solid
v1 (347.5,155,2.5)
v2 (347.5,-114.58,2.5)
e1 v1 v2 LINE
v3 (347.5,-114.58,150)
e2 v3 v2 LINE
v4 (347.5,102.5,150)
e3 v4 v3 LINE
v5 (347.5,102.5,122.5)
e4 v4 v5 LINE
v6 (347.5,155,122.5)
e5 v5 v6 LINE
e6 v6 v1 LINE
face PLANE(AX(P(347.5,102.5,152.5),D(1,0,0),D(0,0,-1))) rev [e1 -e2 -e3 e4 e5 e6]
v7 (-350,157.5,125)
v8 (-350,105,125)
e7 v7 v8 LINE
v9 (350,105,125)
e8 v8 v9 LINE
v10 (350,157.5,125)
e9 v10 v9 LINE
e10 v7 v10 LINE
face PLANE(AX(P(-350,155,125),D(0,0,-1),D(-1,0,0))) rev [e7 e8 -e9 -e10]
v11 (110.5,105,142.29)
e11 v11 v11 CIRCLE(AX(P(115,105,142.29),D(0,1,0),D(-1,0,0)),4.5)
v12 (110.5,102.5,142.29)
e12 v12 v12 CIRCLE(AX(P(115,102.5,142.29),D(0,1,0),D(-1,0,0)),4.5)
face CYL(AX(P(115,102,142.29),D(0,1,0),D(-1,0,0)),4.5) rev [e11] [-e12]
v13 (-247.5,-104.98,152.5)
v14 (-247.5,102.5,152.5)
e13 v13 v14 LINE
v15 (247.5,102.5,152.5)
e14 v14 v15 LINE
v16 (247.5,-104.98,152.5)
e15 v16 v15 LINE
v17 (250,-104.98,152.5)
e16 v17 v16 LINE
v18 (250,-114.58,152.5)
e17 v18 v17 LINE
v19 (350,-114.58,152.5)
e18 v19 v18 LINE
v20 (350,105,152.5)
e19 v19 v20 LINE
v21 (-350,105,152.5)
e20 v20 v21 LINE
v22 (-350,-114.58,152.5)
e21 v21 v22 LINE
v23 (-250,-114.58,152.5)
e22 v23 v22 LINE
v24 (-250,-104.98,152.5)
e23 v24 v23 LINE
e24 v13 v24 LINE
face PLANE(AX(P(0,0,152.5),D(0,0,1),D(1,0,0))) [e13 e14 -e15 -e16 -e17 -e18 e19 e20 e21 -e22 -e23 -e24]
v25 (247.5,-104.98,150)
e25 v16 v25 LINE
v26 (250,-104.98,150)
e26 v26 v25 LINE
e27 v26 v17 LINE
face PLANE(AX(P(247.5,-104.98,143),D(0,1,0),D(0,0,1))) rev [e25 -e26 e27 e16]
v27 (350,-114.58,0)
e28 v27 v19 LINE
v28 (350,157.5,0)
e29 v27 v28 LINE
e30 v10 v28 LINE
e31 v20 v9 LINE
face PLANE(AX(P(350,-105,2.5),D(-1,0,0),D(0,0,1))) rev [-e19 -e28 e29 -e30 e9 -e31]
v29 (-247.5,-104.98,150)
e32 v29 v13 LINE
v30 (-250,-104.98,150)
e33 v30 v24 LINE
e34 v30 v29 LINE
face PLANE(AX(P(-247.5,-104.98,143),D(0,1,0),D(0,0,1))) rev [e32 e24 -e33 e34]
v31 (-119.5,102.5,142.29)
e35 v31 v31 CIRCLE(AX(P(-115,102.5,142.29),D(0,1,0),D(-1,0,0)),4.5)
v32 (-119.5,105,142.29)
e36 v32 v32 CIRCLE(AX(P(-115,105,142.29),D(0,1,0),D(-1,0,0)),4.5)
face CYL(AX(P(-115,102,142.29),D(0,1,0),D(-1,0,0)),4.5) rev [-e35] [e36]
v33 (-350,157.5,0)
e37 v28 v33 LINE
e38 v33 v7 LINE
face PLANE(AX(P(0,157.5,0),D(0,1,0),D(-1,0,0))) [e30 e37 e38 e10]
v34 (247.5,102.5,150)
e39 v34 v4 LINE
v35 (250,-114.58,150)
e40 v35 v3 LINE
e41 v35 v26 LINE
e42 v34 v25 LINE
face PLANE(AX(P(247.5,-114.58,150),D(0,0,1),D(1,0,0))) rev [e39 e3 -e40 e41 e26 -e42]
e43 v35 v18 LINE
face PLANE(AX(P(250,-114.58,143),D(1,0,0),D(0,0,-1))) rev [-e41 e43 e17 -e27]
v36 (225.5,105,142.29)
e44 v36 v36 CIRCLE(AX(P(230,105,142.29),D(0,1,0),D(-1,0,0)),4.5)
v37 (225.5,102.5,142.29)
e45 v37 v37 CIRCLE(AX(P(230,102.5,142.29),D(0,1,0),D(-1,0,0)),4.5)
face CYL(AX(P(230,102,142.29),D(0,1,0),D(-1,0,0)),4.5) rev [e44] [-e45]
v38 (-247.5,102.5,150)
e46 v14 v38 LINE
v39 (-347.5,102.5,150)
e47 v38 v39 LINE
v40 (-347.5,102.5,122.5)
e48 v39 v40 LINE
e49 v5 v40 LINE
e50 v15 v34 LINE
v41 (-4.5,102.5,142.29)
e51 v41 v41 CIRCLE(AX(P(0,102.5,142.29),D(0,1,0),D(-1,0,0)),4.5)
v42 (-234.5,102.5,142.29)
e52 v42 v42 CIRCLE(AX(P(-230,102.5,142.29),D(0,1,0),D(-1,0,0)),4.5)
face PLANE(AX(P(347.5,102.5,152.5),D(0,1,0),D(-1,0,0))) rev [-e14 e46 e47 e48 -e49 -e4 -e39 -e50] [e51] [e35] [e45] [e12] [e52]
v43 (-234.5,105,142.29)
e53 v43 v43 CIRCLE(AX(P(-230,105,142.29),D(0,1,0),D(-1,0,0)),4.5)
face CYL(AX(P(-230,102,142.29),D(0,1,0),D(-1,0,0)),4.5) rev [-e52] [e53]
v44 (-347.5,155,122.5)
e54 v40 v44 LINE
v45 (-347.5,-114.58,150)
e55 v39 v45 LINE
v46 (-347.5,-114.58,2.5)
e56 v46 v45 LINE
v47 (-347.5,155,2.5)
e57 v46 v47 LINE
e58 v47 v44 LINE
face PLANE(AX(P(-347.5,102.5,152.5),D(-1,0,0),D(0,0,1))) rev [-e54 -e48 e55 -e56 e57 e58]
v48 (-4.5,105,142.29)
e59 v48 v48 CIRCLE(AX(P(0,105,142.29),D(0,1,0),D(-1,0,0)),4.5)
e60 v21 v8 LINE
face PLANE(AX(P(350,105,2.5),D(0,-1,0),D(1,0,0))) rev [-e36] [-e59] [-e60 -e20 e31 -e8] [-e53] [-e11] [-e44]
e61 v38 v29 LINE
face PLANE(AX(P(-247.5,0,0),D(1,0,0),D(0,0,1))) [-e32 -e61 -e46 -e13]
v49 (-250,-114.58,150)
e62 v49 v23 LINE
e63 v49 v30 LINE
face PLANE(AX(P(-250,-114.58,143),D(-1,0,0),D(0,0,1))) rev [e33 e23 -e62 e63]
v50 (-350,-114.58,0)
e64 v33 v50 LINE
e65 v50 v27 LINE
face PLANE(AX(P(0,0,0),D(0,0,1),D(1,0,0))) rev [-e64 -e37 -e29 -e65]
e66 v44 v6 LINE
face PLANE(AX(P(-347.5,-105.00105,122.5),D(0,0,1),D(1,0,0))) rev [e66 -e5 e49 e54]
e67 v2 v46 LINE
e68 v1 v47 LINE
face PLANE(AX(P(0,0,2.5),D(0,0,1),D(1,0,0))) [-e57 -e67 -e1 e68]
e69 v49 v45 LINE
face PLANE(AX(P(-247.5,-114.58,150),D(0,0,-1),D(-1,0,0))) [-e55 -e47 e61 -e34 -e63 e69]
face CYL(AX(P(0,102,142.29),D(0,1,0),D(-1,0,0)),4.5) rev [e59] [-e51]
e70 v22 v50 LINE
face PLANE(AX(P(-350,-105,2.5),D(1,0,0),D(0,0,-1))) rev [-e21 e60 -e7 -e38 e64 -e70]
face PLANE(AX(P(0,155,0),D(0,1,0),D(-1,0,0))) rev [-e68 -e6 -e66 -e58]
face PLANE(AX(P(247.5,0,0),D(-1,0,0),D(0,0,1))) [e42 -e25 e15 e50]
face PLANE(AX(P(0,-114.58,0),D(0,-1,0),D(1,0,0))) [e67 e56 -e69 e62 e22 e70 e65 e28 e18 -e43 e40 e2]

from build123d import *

# Parameters (mm, degrees)
ESBO_O1_W                = 700
ESBO_O1_H                = 210
RESSALTO_EXTRUS_O1_DEPTH = 2.5
RESSALTO_EXTRUS_O2_DEPTH = 150
CORTE_EXTRUS_O3_REACH    = 212
ESBO_O3_W                = 695
ESBO_O3_H                = 120
RESSALTO_EXTRUS_O5_DEPTH = 9.58
ESBO_O7_W                = 2.5
ESBO_O7_H                = 217.08
RESSALTO_EXTRUS_O6_DEPTH = 100
ESBO_O9_W                = 2.5
ESBO_O9_H                = 9.6
CORTE_EXTRUS_O4_DEPTH    = 9.5
ESBO_O10_R               = 4.5
CORTE_EXTRUS_O5_DEPTH    = 3
ESBO_O11_W               = 700
ESBO_O11_H               = 125
ESBO_O11_W_2             = 695
ESBO_O11_H_2             = 120
RESSALTO_EXTRUS_O7_DEPTH = 50
ESBO_O12_W               = 700
ESBO_O12_H               = 125
RESSALTO_EXTRUS_O8_DEPTH = 2.5


with BuildPart() as part:
    # Esboço1 → Ressalto-extrusão1 (new body)
    with BuildSketch(Plane.XY):
        Rectangle(ESBO_O1_W, ESBO_O1_H)
    extrude(amount=RESSALTO_EXTRUS_O1_DEPTH)

    # Esboço2 → Ressalto-extrusão2 (add)
    with BuildSketch(Plane.XY.offset(2.5)):
        Polygon((-347.5, 102.5), (-347.5, -105), (-350, -105), (-350, 105), (350, 105), (350, -105), (347.5, -105), (347.5, 102.5), align=None)
    extrude(amount=RESSALTO_EXTRUS_O2_DEPTH)

    # Esboço3 → Corte-extrusão3 (cut, up to next)
    with BuildSketch(Plane(origin=(0, 105, 0), x_dir=(1, 0, 0), z_dir=(0, 1, 0)), mode=Mode.PRIVATE) as corte_extrus_o3_sk1:
        with Locations((0, -62.5)):
            Rectangle(ESBO_O3_W, ESBO_O3_H)
    corte_extrus_o3_tool1 = extrude(corte_extrus_o3_sk1.sketch, amount=-CORTE_EXTRUS_O3_REACH, mode=Mode.PRIVATE) & part.part
    add(corte_extrus_o3_tool1.solids().sort_by_distance((0, 105, 62.5))[0], mode=Mode.SUBTRACT)

    # Esboço6 → Ressalto-extrusão5 (add)
    with BuildSketch(Plane.XZ.offset(105)):
        Polygon((350, 0), (350, 152.5), (347.5, 152.5), (347.5, 2.5), (-347.5, 2.5), (-347.5, 152.5), (-350, 152.5), (-350, 0), align=None)
    extrude(amount=RESSALTO_EXTRUS_O5_DEPTH)

    # Esboço7 → Ressalto-extrusão6 (add)
    with BuildSketch(Plane.ZY.offset(-347.5)):
        with Locations((151.25, -6.04)):
            Rectangle(ESBO_O7_W, ESBO_O7_H)
    ressalto_extrus_o6 = extrude(amount=RESSALTO_EXTRUS_O6_DEPTH)

    # Espelhar1: Ressalto-extrusão6 across plane
    add(ressalto_extrus_o6.mirror(Plane(origin=(0, 0, 0), x_dir=(0, 0, 1), z_dir=(1, 0, 0))))

    # Esboço9 → Corte-extrusão4 (cut)
    with BuildSketch(Plane.XY.offset(152.5)):
        with Locations((-248.75, -109.78)):
            Rectangle(ESBO_O9_W, ESBO_O9_H)
        with Locations((248.75, -109.78)):
            Rectangle(ESBO_O9_W, ESBO_O9_H)
    extrude(amount=-CORTE_EXTRUS_O4_DEPTH, mode=Mode.SUBTRACT)

    # Esboço10 → Corte-extrusão5 (cut)
    with BuildSketch(Plane(origin=(0, 105, 0), x_dir=(1, 0, 0), z_dir=(0, 1, 0))):
        with Locations((-230, -142.29)):
            Circle(ESBO_O10_R)
        with Locations((-115, -142.29)):
            Circle(ESBO_O10_R)
        with Locations((0, -142.29)):
            Circle(ESBO_O10_R)
        with Locations((115, -142.29)):
            Circle(ESBO_O10_R)
        with Locations((230, -142.29)):
            Circle(ESBO_O10_R)
    extrude(amount=-CORTE_EXTRUS_O5_DEPTH, mode=Mode.SUBTRACT)

    # Esboço11 → Ressalto-extrusão7 (add)
    with BuildSketch(Plane(origin=(0, 105, 0), x_dir=(1, 0, 0), z_dir=(0, 1, 0))):
        with Locations((0, -62.5)):
            Rectangle(ESBO_O11_W, ESBO_O11_H)
        with Locations((0, -62.5)):
            Rectangle(ESBO_O11_W_2, ESBO_O11_H_2, mode=Mode.SUBTRACT)
    extrude(amount=RESSALTO_EXTRUS_O7_DEPTH)

    # Esboço12 → Ressalto-extrusão8 (add)
    with BuildSketch(Plane(origin=(0, 155, 0), x_dir=(1, 0, 0), z_dir=(0, 1, 0))):
        with Locations((0, -62.5)):
            Rectangle(ESBO_O12_W, ESBO_O12_H)
    extrude(amount=RESSALTO_EXTRUS_O8_DEPTH)


solid = part.part
